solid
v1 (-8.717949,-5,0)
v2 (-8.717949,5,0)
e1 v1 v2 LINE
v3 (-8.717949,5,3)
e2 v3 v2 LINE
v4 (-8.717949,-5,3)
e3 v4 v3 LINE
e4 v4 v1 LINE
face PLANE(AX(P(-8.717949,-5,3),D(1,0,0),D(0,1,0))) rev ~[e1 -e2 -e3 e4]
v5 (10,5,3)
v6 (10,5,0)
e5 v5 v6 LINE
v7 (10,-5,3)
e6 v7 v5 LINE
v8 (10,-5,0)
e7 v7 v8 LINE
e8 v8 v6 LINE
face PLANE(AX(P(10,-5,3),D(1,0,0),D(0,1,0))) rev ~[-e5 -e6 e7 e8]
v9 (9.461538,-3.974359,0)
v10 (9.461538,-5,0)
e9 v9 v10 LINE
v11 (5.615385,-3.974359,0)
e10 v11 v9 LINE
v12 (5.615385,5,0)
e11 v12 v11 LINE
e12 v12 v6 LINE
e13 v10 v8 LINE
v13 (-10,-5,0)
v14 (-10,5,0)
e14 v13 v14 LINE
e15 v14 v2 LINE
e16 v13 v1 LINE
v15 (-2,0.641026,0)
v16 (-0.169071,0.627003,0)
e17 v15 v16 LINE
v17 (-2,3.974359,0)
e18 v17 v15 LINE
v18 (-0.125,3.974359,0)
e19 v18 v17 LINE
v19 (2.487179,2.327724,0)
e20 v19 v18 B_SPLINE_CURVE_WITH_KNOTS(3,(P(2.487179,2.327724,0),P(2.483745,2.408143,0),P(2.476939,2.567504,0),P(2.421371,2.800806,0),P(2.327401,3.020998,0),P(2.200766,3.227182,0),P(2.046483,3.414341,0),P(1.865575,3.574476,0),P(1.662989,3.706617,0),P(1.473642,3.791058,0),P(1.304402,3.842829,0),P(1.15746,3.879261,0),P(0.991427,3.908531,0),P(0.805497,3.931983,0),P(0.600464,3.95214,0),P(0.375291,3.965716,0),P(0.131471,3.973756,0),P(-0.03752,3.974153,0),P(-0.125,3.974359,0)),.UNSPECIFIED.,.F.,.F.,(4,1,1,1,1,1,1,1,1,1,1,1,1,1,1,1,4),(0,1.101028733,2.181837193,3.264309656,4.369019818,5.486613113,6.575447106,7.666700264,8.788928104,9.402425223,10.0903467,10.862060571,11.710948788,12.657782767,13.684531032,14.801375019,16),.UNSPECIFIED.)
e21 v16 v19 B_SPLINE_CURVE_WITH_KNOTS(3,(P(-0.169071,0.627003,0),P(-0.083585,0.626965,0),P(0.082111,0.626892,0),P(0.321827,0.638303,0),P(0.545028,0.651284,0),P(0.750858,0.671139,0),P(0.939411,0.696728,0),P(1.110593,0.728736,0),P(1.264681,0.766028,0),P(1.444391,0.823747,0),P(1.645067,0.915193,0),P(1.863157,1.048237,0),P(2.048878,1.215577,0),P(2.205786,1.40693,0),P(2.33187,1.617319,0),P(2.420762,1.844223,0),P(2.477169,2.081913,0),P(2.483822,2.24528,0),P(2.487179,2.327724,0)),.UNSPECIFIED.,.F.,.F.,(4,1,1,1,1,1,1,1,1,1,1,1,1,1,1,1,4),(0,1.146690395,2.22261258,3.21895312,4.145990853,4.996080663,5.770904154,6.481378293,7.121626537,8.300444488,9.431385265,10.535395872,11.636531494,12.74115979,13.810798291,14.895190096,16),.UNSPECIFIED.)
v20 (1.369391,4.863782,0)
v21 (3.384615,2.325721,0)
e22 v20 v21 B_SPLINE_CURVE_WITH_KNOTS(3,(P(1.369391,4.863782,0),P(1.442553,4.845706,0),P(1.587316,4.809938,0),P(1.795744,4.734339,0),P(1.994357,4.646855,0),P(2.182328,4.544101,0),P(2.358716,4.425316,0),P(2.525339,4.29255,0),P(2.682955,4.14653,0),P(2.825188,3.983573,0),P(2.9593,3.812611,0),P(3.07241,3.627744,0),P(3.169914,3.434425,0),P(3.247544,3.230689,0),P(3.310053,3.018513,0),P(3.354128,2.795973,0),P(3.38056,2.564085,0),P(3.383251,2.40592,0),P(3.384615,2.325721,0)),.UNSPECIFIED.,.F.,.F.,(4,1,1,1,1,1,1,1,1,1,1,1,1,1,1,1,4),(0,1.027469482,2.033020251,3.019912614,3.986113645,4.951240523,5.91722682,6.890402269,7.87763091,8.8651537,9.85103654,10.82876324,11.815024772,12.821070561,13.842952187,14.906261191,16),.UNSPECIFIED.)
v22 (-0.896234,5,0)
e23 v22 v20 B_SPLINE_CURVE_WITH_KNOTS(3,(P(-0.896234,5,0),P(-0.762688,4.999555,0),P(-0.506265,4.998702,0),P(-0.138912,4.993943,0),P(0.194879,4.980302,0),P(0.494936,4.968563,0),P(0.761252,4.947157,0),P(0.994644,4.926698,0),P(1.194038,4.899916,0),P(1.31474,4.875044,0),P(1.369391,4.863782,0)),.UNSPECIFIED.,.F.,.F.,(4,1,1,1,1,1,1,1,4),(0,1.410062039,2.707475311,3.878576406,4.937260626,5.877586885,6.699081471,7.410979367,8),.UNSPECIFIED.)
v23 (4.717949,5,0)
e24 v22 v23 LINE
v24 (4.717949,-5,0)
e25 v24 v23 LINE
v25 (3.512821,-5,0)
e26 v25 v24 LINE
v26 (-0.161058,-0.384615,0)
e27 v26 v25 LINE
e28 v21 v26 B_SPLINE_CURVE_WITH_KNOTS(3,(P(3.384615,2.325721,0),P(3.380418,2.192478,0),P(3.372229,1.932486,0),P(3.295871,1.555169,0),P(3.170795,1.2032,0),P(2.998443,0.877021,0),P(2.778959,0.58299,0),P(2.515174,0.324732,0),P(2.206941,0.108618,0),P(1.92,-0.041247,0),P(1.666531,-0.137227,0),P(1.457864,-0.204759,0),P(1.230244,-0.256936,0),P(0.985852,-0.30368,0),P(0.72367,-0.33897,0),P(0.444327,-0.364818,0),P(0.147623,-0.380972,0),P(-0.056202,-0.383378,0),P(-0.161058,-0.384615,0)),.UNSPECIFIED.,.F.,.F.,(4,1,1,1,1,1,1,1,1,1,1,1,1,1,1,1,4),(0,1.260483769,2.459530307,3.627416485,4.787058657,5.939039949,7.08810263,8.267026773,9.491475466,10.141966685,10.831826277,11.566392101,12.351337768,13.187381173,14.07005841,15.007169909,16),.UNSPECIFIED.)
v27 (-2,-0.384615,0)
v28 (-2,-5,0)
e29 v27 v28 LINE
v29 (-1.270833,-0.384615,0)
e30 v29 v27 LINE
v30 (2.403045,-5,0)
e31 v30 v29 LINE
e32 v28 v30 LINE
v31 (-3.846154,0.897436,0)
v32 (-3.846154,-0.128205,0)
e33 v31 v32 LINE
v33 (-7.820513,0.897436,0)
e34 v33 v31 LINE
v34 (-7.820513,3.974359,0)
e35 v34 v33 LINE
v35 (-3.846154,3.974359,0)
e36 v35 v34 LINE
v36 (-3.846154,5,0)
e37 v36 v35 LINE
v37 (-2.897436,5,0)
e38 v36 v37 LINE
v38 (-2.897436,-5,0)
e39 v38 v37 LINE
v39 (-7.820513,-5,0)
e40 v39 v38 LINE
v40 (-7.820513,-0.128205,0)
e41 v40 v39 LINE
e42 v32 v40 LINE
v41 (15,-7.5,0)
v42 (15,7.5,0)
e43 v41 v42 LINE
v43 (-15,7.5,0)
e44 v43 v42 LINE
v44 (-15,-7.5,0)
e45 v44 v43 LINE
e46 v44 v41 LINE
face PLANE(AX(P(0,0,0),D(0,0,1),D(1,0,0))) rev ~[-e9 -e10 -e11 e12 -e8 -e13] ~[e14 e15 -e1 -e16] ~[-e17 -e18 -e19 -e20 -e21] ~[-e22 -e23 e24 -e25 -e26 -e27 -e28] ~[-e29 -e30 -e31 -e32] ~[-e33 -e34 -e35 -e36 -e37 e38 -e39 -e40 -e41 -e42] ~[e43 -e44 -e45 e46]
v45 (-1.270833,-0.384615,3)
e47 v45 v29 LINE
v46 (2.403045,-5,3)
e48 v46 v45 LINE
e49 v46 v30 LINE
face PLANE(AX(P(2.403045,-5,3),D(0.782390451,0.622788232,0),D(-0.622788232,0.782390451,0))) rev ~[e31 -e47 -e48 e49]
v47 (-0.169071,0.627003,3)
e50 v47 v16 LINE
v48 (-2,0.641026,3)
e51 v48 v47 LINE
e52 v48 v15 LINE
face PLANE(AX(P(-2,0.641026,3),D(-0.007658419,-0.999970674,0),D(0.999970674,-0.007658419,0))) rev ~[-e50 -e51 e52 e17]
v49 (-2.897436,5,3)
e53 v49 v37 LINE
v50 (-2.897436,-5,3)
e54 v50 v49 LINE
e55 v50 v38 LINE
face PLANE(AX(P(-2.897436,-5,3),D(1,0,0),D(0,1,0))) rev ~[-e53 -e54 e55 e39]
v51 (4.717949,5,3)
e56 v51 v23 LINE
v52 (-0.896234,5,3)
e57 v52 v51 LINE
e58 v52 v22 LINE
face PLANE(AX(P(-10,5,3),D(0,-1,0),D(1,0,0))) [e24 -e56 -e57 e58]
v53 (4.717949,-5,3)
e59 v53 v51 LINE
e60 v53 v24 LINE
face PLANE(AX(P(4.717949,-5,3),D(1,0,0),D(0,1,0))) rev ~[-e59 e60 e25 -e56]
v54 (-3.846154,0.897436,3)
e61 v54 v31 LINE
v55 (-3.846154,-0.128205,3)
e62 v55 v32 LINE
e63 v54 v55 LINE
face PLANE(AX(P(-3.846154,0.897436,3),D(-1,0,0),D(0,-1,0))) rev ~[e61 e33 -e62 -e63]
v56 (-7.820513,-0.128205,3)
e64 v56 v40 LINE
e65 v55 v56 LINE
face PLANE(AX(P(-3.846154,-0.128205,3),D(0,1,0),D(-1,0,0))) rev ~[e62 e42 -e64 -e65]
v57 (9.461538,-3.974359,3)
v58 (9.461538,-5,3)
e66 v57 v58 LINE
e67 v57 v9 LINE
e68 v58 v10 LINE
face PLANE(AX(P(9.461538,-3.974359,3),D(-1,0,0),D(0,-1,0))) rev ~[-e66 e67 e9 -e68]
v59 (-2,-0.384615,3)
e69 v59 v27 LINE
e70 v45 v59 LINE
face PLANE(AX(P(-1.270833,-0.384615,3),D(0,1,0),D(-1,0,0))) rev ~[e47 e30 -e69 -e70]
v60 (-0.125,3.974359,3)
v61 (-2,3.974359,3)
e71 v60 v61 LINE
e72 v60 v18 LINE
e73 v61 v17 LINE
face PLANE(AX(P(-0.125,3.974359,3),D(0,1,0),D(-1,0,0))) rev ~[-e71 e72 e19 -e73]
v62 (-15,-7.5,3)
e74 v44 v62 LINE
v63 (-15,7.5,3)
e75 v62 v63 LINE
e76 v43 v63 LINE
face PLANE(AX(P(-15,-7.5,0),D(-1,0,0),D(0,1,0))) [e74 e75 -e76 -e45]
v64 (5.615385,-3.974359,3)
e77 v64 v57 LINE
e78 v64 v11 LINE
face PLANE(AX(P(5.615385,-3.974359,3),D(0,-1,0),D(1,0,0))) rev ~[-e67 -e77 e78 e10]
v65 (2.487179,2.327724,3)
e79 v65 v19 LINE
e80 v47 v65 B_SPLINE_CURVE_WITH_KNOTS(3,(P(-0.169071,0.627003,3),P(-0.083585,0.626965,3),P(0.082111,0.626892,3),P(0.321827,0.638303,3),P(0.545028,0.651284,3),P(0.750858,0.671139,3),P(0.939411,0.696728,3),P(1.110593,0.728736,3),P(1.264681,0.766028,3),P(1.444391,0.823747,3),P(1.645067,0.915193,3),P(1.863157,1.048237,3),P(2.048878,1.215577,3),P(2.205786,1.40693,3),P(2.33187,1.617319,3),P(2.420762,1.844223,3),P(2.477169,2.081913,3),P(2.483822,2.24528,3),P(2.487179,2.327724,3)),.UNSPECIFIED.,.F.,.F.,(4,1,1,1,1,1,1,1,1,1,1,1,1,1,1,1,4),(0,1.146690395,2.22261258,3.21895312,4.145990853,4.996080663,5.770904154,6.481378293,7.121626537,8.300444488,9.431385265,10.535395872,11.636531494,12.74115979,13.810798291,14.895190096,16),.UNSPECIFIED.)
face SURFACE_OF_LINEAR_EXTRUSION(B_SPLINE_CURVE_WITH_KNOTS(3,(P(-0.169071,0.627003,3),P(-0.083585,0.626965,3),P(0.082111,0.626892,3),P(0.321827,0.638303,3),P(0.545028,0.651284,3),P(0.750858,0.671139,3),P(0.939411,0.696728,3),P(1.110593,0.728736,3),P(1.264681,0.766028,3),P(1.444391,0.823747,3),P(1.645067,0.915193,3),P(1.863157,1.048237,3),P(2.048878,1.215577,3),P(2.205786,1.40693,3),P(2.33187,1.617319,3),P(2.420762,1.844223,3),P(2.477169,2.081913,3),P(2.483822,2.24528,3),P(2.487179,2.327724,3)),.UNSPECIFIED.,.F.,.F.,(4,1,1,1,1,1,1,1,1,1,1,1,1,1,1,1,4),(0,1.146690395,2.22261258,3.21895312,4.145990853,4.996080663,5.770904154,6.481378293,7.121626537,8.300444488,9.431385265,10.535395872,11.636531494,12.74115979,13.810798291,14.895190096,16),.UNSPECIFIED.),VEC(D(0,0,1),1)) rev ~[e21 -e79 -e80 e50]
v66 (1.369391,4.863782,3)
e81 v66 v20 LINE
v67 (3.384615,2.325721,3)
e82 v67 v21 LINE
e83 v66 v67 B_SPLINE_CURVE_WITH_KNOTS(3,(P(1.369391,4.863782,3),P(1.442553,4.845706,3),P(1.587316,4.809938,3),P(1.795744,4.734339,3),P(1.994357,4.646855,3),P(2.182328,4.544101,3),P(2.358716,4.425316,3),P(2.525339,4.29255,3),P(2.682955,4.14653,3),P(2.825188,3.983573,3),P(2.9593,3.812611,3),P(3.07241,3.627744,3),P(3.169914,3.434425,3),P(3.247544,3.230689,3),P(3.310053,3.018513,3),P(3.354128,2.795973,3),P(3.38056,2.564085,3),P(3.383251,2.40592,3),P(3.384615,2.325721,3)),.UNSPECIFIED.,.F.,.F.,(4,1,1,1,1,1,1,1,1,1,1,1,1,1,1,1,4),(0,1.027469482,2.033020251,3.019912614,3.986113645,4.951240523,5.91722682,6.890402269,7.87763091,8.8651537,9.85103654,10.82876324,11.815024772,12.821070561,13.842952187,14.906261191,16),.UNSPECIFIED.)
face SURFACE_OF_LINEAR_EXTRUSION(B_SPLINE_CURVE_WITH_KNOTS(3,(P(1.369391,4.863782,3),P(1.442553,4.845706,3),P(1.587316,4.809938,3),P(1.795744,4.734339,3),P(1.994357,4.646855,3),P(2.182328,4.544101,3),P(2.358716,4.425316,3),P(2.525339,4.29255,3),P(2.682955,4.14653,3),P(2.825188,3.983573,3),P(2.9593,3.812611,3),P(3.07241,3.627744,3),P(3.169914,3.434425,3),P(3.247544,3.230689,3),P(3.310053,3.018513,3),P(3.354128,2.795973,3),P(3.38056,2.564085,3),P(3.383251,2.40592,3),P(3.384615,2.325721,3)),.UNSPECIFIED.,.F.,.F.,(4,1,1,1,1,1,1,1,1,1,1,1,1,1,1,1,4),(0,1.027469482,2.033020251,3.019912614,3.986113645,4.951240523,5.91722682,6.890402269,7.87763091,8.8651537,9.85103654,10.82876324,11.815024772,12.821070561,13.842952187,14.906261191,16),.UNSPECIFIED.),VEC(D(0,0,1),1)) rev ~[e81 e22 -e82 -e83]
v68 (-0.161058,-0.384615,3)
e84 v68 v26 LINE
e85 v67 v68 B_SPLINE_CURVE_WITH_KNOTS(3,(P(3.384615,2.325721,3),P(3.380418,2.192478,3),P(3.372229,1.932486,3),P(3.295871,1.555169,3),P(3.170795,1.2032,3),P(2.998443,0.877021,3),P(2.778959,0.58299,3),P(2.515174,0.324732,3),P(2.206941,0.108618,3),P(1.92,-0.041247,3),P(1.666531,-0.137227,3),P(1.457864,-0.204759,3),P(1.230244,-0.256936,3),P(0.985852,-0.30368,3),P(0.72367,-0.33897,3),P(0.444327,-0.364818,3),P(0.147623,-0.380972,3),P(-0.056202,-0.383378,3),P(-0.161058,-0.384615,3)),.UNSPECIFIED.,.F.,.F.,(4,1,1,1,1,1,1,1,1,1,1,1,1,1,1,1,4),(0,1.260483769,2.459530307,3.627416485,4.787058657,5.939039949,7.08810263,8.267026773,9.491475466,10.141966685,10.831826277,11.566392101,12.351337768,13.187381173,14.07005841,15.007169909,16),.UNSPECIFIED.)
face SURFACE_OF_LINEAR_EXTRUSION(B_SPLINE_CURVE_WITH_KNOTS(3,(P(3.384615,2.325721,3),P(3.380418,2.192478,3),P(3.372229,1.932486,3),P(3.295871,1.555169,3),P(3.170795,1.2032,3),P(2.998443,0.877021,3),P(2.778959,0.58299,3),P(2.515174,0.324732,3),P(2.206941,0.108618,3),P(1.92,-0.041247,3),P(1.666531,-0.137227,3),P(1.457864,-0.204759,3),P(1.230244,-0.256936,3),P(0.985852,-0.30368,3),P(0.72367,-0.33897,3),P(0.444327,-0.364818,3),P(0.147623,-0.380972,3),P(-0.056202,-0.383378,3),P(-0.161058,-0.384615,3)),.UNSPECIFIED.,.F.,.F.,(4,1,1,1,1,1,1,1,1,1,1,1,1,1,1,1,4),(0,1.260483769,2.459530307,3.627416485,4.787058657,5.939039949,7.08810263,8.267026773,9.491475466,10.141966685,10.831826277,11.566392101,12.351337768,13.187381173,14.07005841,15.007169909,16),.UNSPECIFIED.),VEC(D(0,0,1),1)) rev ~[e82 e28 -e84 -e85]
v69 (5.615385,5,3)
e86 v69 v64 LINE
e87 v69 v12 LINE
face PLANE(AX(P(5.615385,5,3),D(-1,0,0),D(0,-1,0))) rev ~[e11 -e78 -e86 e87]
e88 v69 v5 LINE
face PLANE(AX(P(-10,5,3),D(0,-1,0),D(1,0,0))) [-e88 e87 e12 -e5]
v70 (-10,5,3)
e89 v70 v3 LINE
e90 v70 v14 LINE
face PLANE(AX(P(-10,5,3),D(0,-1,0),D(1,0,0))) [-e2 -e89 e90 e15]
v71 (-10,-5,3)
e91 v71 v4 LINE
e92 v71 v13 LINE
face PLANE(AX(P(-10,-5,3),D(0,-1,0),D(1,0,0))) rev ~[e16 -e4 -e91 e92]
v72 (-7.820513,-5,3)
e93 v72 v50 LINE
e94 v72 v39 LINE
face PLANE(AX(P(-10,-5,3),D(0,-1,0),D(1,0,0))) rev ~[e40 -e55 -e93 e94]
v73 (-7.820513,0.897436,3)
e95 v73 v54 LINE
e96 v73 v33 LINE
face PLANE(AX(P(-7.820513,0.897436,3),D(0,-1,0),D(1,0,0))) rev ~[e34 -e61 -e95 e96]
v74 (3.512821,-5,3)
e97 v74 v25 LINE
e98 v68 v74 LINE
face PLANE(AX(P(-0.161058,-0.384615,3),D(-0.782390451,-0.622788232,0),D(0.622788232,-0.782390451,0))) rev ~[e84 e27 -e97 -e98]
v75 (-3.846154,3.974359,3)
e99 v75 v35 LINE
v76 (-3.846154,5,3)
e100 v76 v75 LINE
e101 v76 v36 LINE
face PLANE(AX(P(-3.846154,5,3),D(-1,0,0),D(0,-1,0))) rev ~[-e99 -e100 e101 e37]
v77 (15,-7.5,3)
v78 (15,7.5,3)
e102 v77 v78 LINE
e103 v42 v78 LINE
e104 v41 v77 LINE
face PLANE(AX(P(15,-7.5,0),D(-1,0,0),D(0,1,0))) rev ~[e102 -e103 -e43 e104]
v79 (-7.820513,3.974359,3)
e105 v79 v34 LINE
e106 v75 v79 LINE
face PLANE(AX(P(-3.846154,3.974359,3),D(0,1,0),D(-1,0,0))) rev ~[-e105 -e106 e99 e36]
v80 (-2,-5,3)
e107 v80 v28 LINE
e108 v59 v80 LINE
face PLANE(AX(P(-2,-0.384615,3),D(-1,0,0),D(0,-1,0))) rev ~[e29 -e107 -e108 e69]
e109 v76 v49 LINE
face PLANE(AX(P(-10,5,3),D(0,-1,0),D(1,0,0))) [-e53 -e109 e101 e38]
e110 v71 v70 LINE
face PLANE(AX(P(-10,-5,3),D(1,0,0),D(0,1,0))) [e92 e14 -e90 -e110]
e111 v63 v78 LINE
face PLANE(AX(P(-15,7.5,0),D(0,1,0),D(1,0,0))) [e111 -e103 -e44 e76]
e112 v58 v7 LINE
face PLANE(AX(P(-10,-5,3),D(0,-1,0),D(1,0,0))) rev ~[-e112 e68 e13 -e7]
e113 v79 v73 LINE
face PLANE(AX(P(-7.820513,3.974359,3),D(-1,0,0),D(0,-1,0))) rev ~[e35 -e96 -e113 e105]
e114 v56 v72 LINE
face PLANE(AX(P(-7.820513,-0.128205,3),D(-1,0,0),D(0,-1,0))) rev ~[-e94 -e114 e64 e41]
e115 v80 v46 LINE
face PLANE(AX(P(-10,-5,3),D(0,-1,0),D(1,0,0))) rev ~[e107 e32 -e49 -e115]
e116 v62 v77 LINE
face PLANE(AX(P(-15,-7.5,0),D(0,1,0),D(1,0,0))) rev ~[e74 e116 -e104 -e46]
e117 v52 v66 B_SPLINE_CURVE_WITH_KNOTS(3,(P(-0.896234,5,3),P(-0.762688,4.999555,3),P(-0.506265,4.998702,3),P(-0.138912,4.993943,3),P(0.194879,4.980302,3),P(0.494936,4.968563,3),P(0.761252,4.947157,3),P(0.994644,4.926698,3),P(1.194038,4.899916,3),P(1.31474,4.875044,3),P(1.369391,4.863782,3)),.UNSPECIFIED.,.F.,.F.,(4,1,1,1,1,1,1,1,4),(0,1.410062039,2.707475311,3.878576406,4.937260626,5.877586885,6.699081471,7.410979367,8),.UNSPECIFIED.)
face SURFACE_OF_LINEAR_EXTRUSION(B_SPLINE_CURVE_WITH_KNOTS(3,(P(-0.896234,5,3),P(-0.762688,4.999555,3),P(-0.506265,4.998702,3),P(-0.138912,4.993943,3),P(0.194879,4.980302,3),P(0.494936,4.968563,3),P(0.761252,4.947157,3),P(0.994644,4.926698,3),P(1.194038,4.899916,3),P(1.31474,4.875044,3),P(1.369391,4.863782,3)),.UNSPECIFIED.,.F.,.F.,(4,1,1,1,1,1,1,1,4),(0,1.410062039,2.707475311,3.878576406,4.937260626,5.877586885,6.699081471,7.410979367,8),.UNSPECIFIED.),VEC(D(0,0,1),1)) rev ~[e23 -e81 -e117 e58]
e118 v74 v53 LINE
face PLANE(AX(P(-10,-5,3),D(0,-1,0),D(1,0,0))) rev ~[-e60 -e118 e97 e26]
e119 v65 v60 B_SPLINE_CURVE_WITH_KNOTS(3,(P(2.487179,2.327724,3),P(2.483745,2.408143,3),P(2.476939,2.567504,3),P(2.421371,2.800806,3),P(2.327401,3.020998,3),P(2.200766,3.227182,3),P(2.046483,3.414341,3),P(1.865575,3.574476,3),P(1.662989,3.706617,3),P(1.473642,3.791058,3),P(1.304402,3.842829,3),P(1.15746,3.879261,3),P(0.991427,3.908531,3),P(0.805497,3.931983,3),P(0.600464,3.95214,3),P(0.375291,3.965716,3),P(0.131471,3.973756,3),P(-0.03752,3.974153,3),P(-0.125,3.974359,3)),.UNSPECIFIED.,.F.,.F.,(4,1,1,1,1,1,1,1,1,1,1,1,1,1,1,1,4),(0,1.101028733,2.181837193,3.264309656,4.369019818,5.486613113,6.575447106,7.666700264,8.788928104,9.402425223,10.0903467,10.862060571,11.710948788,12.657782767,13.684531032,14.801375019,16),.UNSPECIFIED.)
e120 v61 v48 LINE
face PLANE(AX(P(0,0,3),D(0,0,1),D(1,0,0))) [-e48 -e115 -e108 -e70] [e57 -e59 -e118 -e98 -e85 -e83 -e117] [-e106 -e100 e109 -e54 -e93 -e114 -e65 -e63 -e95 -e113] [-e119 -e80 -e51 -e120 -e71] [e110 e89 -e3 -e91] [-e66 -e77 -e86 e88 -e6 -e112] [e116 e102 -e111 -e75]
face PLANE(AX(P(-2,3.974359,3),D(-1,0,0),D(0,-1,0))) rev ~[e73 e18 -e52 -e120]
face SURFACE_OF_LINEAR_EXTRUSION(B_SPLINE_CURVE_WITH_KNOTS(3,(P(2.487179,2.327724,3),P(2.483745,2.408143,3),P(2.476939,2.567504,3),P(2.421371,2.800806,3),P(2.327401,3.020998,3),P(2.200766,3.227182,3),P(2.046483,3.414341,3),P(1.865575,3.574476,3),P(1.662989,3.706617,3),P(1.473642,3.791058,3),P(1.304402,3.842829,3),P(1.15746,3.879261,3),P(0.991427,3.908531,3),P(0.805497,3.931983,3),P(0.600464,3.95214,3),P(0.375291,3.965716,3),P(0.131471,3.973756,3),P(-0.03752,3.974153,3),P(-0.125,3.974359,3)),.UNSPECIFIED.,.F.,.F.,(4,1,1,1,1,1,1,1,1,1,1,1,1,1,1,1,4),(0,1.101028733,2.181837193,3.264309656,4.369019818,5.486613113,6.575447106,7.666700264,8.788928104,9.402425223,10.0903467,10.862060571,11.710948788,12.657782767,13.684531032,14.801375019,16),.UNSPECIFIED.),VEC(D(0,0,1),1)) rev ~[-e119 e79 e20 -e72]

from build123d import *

# Parameters (mm, degrees)
SKETCH1_W           = 30
SKETCH1_H           = 15
BOSS_EXTRUDE1_DEPTH = 3
SKETCH2_W           = 20
SKETCH2_H           = 10
CUT_EXTRUDE1_DEPTH  = 18.036725037
BOSS_EXTRUDE2_DEPTH = 3


with BuildPart() as part:
    # Sketch1 → Boss-Extrude1 (new body)
    with BuildSketch(Plane.XY):
        Rectangle(SKETCH1_W, SKETCH1_H)
    extrude(amount=BOSS_EXTRUDE1_DEPTH)

    # Sketch2 → Cut-Extrude1 (cut, through all)
    with BuildSketch(Plane.XY.offset(3)):
        Rectangle(SKETCH2_W, SKETCH2_H)
    extrude(amount=-CUT_EXTRUDE1_DEPTH, mode=Mode.SUBTRACT)

    # Sketch3 → Boss-Extrude2 (add)
    # profile 1 of 3: a face of its own
    with BuildSketch(Plane.XY.offset(3)):
        Polygon((-8.717948718, 5), (-3.846153846, 5), (-3.846153846, 3.974358974), (-7.820512821, 3.974358974), (-7.820512821, 0.897435897), (-3.846153846, 0.897435897), (-3.846153846, -0.128205128), (-7.820512821, -0.128205128), (-7.820512821, -5), (-8.717948718, -5), align=None)
    # profile 2 of 3: a face of its own
    with BuildSketch(Plane.XY.offset(3)):
        with BuildLine():
            Line((-2.897435897, 5), (-0.896233974, 5))
            add(Edge.make_bspline(
                [(-0.896233974, 5), (-0.762687893, 4.999555469), (-0.506264623, 4.998701919), (-0.138912422, 4.993942596), (0.194879284, 4.98030158), (0.494935967, 4.96856277), (0.761252124, 4.947157224), (0.994644384, 4.926698232), (1.194037805, 4.899916344), (1.314740237, 4.875043707), (1.369391026, 4.863782051)],
                knots=[0, 0, 0, 0, 1.410062039, 2.707475311, 3.878576406, 4.937260626, 5.877586885, 6.699081471, 7.410979367, 8, 8, 8, 8], degree=3))
            add(Edge.make_bspline(
                [(1.369391026, 4.863782051), (1.442552809, 4.845705579), (1.587315636, 4.809938254), (1.795744396, 4.734339395), (1.99435675, 4.646854753), (2.182327677, 4.544101266), (2.358715652, 4.425316181), (2.525339397, 4.292550117), (2.682955006, 4.146529529), (2.825188236, 3.983572839), (2.959299812, 3.812611383), (3.072410173, 3.627743506), (3.169914401, 3.434424856), (3.24754445, 3.230689377), (3.310052945, 3.018512886), (3.354127915, 2.795973467), (3.38055988, 2.564084967), (3.383250895, 2.405919513), (3.384615385, 2.325721154)],
                knots=[0, 0, 0, 0, 1.027469482, 2.033020251, 3.019912614, 3.986113645, 4.951240523, 5.91722682, 6.890402269, 7.87763091, 8.8651537, 9.85103654, 10.82876324, 11.815024772, 12.821070561, 13.842952187, 14.906261191, 16, 16, 16, 16], degree=3))
            add(Edge.make_bspline(
                [(3.384615385, 2.325721154), (3.380418247, 2.192477998), (3.372228545, 1.93248609), (3.295871106, 1.555169286), (3.170795335, 1.203199815), (2.998443081, 0.87702085), (2.778958865, 0.582990434), (2.515173747, 0.324731991), (2.206940571, 0.108617955), (1.919999669, -0.041247202), (1.666530527, -0.137226941), (1.457863919, -0.204759394), (1.230243983, -0.256936438), (0.985851598, -0.303679672), (0.723669726, -0.338970227), (0.444326756, -0.36481764), (0.147623466, -0.380972065), (-0.056202447, -0.383377793), (-0.161057692, -0.384615385)],
                knots=[0, 0, 0, 0, 1.260483769, 2.459530307, 3.627416485, 4.787058657, 5.939039949, 7.08810263, 8.267026773, 9.491475466, 10.141966685, 10.831826277, 11.566392101, 12.351337768, 13.187381173, 14.07005841, 15.007169909, 16, 16, 16, 16], degree=3))
            Line((-0.161057692, -0.384615385), (3.512820513, -5))
            Line((3.512820513, -5), (2.403044872, -5))
            Line((2.403044872, -5), (-1.270833333, -0.384615385))
            Line((-1.270833333, -0.384615385), (-2, -0.384615385))
            Line((-2, -0.384615385), (-2, -5))
            Line((-2, -5), (-2.897435897, -5))
            Line((-2.897435897, -5), (-2.897435897, 5))
        make_face()
        with BuildLine():
            Line((-2, 3.974358974), (-2, 0.641025641))
            Line((-2, 0.641025641), (-0.169070513, 0.627003205))
            add(Edge.make_bspline(
                [(-0.169070513, 0.627003205), (-0.083584687, 0.626965386), (0.08211119, 0.626892082), (0.321827375, 0.638302871), (0.545027694, 0.651283781), (0.750858415, 0.671139054), (0.939411487, 0.69672783), (1.110592668, 0.728736356), (1.264681388, 0.766027964), (1.444391497, 0.823746895), (1.645067301, 0.915192661), (1.863157187, 1.048236943), (2.048878152, 1.215577284), (2.20578633, 1.406930015), (2.33187042, 1.617319298), (2.420762003, 1.84422321), (2.477168981, 2.08191349), (2.483821968, 2.245279512), (2.487179487, 2.327724359)],
                knots=[0, 0, 0, 0, 1.146690395, 2.22261258, 3.21895312, 4.145990853, 4.996080663, 5.770904154, 6.481378293, 7.121626537, 8.300444488, 9.431385265, 10.535395872, 11.636531494, 12.74115979, 13.810798291, 14.895190096, 16, 16, 16, 16], degree=3))
            add(Edge.make_bspline(
                [(2.487179487, 2.327724359), (2.483744855, 2.408143141), (2.476938669, 2.567503823), (2.421370759, 2.800806424), (2.327401098, 3.02099771), (2.200766132, 3.227181953), (2.046482832, 3.414341198), (1.865574796, 3.574475921), (1.662988524, 3.706617249), (1.473642243, 3.791058336), (1.304401636, 3.842829345), (1.15745975, 3.879261242), (0.991426957, 3.908531153), (0.805497075, 3.931982755), (0.600463844, 3.952139739), (0.375290555, 3.96571625), (0.131471183, 3.973755861), (-0.037520049, 3.974153258), (-0.125, 3.974358974)],
                knots=[0, 0, 0, 0, 1.101028733, 2.181837193, 3.264309656, 4.369019818, 5.486613113, 6.575447106, 7.666700264, 8.788928104, 9.402425223, 10.0903467, 10.862060571, 11.710948788, 12.657782767, 13.684531032, 14.801375019, 16, 16, 16, 16], degree=3))
            Line((-0.125, 3.974358974), (-2, 3.974358974))
        make_face(mode=Mode.SUBTRACT)
    # profile 3 of 3: a face of its own
    with BuildSketch(Plane.XY.offset(3)):
        Polygon((4.717948718, 5), (5.615384615, 5), (5.615384615, -3.974358974), (9.461538462, -3.974358974), (9.461538462, -5), (4.717948718, -5), align=None)
    extrude(amount=-BOSS_EXTRUDE2_DEPTH)


solid = part.part
